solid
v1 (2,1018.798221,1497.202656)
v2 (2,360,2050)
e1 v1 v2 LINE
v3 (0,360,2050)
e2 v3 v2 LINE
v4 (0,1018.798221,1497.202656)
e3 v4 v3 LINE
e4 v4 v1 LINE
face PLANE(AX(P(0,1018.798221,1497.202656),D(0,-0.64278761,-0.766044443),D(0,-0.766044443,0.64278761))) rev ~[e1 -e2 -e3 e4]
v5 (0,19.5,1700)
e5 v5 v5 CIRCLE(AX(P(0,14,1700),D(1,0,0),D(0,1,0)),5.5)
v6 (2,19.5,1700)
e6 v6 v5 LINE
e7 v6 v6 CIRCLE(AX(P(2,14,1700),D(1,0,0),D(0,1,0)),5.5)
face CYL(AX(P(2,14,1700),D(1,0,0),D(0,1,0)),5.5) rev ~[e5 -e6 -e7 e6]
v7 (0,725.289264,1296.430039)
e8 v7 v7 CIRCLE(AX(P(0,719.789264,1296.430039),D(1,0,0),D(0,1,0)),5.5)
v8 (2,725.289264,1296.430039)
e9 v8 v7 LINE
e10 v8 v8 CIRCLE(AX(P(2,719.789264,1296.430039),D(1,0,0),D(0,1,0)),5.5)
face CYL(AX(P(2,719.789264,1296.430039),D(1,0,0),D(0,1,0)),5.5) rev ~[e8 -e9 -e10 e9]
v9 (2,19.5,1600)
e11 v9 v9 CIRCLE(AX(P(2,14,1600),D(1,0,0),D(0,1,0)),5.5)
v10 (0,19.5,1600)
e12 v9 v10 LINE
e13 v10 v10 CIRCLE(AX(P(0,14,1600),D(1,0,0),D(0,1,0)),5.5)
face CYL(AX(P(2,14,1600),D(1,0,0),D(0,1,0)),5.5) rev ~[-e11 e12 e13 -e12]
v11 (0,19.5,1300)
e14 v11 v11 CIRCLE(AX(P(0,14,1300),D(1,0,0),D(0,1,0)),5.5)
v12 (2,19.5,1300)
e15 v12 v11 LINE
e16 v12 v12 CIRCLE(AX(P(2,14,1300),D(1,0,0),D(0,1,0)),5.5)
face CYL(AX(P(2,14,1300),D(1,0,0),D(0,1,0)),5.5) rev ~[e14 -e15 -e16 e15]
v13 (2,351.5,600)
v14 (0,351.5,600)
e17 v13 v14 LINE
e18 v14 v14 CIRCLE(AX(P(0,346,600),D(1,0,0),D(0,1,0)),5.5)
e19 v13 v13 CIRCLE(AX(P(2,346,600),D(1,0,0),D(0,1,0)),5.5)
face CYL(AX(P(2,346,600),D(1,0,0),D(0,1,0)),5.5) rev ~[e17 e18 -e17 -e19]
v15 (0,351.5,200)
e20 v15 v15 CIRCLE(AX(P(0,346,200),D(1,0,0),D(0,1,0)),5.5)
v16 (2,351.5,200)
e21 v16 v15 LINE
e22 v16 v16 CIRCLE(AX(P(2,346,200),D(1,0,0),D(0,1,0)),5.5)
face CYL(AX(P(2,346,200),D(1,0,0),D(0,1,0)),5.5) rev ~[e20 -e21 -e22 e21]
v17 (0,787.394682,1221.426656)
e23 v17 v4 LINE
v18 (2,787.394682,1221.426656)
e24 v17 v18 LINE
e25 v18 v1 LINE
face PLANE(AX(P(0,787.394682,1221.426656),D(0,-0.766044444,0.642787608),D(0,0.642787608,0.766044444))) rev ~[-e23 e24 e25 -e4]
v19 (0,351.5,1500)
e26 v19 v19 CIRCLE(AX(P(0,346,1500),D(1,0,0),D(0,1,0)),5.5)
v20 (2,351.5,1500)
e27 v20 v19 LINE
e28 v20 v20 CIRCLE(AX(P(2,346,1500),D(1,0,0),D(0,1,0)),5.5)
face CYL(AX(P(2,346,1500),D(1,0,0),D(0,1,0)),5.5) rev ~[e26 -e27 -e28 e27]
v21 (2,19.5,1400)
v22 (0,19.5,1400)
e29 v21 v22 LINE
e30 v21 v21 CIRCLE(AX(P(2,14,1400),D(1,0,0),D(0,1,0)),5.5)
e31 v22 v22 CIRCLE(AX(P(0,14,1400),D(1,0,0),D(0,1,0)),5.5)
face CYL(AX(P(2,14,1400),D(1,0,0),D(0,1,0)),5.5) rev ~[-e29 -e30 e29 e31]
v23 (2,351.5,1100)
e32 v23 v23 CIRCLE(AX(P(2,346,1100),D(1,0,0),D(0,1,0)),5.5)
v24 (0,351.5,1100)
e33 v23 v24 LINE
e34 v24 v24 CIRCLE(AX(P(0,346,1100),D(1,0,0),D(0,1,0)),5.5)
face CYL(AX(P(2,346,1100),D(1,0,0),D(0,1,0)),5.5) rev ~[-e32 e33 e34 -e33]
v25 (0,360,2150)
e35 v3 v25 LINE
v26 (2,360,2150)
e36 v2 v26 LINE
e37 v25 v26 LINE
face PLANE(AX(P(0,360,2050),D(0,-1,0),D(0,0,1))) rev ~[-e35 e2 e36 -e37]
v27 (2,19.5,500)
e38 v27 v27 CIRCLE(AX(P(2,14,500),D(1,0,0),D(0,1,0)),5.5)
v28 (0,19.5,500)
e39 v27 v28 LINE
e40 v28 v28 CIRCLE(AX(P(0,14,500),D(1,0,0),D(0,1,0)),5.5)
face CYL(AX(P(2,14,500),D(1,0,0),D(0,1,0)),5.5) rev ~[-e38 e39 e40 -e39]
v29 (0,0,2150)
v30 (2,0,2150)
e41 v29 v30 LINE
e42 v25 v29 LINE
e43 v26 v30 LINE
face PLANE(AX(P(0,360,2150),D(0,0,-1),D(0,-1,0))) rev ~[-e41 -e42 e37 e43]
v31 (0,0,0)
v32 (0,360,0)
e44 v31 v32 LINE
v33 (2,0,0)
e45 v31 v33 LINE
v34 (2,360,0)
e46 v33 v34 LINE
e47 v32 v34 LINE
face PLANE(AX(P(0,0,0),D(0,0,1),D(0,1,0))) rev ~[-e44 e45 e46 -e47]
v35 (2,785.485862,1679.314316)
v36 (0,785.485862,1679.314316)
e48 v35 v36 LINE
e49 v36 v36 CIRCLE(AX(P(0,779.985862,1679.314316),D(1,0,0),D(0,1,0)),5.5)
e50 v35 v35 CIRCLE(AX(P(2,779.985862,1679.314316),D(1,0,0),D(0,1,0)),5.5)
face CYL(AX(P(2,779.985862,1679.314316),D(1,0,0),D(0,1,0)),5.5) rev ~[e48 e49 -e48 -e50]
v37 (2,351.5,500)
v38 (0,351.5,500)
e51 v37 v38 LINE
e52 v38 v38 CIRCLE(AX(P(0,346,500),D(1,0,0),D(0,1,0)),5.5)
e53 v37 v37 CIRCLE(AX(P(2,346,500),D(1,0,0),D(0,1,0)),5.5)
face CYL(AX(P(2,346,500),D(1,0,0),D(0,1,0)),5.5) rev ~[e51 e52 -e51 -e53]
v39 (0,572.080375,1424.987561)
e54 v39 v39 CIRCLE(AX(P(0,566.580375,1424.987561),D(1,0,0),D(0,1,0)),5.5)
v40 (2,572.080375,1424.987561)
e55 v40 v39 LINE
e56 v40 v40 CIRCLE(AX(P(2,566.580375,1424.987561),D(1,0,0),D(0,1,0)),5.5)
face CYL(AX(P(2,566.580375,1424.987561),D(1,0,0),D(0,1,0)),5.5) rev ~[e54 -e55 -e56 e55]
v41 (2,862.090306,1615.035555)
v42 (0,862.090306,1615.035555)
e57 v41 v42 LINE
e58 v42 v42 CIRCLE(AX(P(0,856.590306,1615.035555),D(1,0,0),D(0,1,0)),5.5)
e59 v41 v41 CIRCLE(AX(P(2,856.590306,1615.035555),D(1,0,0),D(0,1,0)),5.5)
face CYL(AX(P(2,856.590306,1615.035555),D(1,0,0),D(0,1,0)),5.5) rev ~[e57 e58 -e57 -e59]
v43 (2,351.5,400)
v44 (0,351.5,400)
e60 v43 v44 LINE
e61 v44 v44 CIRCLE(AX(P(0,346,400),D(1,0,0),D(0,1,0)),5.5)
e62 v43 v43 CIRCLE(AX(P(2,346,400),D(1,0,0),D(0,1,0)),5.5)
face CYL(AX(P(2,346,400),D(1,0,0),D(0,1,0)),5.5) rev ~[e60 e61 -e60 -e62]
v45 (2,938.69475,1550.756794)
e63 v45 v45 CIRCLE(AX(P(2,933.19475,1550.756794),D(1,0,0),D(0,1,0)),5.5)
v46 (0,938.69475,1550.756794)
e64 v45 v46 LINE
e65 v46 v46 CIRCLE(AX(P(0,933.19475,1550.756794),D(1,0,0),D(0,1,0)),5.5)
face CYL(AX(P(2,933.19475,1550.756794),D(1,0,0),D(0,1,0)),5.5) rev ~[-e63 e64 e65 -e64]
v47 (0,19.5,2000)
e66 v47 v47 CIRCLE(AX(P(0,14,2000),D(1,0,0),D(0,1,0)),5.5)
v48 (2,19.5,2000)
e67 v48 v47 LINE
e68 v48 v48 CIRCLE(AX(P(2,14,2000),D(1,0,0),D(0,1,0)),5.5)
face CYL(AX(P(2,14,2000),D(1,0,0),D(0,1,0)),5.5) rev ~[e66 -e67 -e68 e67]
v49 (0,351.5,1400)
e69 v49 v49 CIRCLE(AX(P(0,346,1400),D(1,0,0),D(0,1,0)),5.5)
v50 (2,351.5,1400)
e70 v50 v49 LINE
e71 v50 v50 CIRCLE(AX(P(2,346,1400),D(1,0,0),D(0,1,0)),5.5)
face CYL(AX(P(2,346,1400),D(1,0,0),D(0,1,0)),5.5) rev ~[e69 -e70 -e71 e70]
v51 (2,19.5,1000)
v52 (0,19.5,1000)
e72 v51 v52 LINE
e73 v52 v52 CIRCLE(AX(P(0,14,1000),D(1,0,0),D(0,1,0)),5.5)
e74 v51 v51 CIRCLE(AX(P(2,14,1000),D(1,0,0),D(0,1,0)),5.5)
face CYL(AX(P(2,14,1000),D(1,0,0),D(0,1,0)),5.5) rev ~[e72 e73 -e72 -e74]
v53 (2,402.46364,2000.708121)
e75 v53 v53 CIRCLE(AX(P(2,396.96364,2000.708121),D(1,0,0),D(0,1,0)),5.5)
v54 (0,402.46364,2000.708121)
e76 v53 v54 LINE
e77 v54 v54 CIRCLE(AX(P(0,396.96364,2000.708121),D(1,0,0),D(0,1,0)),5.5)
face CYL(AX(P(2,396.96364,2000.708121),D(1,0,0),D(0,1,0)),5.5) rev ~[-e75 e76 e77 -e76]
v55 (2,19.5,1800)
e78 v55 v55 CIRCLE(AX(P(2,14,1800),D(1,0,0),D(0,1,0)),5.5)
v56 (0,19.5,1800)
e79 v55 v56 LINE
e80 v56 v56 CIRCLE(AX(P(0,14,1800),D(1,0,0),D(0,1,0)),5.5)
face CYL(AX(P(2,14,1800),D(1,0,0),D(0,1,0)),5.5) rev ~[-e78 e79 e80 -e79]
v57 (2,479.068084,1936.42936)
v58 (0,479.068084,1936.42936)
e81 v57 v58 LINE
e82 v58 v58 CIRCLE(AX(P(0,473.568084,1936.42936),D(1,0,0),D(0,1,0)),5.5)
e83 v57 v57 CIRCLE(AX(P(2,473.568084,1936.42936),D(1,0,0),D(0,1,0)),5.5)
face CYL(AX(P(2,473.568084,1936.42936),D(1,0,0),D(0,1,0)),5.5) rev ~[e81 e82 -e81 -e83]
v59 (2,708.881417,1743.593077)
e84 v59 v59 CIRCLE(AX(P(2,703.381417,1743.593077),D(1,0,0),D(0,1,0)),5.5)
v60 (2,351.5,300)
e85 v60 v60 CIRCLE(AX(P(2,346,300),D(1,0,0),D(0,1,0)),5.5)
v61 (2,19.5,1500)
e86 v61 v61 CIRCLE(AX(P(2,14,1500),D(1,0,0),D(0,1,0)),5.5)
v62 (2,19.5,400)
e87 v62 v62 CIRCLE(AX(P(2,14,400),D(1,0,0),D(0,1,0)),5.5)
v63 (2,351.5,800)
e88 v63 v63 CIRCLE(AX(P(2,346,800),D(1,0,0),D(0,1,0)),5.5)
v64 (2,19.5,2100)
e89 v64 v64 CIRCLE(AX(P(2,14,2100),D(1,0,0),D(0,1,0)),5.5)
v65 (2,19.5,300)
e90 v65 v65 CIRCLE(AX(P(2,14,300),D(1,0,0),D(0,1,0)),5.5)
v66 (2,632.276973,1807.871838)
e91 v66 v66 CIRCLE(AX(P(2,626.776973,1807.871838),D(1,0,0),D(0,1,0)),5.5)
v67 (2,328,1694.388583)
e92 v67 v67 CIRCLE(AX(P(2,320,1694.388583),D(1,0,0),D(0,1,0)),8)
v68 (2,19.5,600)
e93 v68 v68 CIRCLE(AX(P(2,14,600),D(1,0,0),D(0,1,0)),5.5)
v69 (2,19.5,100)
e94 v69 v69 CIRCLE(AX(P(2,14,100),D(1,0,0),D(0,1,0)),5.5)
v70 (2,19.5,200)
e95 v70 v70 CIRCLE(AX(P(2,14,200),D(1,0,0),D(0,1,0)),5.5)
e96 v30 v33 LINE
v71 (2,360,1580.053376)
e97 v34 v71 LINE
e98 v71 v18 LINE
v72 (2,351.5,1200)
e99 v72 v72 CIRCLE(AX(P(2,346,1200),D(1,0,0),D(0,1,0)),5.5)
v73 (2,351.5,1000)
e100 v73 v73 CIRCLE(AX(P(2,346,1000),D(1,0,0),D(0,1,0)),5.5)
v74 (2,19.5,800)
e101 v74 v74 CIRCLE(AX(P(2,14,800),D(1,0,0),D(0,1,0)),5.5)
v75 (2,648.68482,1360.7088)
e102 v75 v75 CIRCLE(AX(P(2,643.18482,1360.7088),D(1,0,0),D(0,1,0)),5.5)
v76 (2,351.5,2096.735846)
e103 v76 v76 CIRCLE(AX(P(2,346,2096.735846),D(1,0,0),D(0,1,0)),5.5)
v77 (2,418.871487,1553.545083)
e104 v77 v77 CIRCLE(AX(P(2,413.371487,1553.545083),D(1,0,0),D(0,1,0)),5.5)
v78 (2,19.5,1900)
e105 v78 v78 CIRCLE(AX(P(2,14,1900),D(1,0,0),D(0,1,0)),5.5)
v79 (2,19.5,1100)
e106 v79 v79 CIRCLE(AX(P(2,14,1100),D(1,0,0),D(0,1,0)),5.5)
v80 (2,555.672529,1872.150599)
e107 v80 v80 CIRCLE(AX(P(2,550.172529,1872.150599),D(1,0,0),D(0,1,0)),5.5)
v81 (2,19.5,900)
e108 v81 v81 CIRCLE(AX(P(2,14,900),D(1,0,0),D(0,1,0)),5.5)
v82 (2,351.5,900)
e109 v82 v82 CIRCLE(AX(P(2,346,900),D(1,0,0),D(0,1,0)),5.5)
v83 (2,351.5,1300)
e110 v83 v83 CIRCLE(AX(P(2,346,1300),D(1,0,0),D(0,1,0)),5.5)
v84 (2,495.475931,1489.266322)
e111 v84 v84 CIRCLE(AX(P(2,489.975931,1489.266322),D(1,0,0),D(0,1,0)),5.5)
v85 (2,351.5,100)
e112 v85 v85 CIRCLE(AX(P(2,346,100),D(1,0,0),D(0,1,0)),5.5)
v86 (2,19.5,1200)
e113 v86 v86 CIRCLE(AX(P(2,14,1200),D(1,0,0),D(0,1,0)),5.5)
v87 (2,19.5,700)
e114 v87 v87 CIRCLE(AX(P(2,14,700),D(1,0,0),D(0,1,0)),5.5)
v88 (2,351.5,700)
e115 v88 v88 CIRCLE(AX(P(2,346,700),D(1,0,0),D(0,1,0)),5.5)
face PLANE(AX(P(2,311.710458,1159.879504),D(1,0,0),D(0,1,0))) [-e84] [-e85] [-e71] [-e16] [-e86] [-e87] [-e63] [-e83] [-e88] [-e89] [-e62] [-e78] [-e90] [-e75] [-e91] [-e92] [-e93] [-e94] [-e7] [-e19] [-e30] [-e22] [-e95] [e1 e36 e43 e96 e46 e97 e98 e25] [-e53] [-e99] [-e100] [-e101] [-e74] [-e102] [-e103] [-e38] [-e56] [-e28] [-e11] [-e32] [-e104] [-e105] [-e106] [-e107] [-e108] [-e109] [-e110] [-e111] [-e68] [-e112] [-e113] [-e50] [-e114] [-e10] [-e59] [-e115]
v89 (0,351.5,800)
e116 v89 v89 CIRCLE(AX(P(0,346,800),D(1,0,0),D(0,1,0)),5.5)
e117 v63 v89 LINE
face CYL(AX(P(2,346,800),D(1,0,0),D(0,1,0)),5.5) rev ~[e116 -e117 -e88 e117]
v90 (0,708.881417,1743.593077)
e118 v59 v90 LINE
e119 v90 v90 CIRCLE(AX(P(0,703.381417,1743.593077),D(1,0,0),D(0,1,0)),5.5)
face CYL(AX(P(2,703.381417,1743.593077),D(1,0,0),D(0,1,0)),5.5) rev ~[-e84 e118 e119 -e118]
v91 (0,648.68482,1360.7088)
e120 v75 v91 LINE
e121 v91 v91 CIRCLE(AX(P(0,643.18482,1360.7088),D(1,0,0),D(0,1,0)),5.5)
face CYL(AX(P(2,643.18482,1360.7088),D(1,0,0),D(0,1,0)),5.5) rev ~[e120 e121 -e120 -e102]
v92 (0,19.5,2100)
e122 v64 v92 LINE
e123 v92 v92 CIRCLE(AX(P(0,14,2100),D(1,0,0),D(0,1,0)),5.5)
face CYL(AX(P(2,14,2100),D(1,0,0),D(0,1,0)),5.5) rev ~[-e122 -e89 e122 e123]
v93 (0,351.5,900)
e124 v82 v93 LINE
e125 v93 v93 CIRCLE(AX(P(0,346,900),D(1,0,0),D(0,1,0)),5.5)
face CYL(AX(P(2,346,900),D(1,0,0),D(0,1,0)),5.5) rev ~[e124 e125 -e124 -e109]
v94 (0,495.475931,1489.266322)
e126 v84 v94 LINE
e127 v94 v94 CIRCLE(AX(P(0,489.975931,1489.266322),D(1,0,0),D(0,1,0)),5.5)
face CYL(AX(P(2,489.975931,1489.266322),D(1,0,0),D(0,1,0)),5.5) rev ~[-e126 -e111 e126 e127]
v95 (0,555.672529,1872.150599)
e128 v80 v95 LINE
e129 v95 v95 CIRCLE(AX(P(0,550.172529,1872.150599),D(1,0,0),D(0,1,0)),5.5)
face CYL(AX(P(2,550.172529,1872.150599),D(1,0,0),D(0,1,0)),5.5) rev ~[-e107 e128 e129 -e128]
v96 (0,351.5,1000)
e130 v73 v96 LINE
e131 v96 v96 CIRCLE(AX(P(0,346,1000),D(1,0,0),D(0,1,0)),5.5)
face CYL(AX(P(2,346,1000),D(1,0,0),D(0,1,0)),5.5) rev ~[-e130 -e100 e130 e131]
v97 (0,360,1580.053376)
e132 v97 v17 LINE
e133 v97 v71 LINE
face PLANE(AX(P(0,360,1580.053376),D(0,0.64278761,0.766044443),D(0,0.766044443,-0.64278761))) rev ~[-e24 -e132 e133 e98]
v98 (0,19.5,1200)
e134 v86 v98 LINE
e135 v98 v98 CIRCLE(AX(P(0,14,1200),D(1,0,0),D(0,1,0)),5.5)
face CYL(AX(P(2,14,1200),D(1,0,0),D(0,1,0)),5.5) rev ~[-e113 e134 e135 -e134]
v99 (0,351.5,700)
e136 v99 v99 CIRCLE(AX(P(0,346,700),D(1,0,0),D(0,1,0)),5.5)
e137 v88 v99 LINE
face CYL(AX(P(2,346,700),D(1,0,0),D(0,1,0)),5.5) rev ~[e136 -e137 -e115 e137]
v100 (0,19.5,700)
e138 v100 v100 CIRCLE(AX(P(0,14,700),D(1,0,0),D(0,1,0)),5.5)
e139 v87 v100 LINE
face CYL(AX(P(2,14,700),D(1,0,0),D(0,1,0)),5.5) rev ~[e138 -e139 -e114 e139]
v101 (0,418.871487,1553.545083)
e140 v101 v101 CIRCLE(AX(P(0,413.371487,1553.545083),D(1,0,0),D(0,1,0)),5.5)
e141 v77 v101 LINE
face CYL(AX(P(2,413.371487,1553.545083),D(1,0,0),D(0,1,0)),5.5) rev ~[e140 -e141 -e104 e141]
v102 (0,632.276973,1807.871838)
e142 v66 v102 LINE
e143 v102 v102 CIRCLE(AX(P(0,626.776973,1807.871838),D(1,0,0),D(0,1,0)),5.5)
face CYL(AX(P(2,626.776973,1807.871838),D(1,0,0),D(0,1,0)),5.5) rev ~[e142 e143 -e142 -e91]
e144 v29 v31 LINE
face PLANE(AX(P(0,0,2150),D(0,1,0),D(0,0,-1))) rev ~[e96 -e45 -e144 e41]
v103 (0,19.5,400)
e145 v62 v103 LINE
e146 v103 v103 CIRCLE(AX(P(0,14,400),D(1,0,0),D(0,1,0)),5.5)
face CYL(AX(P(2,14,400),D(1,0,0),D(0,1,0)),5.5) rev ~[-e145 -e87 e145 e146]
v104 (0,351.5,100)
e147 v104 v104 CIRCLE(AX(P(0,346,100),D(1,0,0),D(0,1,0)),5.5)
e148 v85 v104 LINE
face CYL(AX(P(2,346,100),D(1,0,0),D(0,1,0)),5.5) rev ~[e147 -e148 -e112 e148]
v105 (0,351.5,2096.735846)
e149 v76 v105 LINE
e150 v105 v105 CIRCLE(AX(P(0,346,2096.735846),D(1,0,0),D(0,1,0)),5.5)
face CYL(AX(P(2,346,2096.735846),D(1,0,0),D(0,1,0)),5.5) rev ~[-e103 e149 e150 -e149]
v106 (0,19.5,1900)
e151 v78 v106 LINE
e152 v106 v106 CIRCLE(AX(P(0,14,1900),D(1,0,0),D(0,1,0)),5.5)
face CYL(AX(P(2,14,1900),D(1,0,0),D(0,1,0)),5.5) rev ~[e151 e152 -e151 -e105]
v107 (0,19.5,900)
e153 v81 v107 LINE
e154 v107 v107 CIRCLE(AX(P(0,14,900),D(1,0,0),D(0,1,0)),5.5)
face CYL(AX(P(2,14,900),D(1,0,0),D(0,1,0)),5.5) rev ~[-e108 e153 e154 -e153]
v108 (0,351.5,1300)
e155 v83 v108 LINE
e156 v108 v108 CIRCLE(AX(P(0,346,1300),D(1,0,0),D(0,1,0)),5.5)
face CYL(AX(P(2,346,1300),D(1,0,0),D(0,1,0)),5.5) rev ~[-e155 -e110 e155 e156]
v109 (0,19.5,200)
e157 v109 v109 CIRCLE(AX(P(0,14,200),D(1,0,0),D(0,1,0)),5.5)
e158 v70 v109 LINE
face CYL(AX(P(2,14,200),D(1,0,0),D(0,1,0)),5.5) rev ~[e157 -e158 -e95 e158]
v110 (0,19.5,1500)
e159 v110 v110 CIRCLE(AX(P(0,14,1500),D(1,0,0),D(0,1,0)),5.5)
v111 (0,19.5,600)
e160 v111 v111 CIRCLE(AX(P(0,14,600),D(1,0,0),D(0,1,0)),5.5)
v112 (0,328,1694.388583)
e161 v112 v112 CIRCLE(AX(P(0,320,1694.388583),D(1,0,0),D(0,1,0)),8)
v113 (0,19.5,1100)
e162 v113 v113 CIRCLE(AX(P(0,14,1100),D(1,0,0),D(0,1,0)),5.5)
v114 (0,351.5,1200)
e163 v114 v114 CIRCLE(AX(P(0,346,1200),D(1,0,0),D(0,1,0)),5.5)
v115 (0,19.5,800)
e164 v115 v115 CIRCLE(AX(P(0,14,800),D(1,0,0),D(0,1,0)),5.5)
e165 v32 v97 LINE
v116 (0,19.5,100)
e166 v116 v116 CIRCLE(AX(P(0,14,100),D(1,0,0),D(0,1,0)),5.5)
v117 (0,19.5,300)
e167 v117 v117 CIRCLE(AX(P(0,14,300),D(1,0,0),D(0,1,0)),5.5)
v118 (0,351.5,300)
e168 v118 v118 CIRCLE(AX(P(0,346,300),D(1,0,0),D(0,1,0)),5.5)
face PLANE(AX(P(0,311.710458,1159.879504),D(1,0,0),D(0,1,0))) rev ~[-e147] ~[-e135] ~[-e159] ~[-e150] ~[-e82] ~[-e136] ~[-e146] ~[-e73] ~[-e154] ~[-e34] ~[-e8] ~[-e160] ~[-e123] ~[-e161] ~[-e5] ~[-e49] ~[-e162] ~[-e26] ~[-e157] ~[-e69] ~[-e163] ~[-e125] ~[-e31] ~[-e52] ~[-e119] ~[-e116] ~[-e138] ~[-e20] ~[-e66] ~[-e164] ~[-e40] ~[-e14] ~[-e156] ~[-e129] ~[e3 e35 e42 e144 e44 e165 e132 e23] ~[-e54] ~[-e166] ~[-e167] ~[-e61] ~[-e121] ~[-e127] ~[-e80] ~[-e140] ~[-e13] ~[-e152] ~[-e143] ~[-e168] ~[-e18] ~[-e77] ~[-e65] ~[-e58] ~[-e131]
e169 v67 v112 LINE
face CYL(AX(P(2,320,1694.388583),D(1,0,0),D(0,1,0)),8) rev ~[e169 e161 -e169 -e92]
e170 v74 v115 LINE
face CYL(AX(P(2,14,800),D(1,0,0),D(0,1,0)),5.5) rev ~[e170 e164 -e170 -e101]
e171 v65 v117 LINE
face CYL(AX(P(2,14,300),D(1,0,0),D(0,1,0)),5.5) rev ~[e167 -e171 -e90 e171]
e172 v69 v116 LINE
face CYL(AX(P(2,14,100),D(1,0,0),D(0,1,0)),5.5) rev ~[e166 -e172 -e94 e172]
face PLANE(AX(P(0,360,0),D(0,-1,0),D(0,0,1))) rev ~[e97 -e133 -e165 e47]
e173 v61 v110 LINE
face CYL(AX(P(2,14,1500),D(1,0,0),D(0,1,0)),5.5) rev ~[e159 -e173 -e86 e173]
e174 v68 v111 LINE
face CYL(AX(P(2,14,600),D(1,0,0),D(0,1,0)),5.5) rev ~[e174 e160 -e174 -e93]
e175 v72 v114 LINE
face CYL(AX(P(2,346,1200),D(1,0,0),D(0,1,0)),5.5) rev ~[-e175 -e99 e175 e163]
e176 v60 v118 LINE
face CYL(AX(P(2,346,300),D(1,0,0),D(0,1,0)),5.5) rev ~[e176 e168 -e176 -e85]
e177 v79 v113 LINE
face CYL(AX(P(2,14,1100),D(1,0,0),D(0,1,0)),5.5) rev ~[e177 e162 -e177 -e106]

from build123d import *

# Parameters (mm, degrees)
F1_DEPTH = 2
F2_R     = 8
F2_R_2   = 5.5
F3_DEPTH = 25


with BuildPart() as f1:
    # F0 (on Right) → F1 (new body)
    with BuildSketch(Plane.YZ):
        Polygon((0, 2050), (0, 0), (360, 0), (360, 1580.053376), (787.394682, 1221.426656), (1018.798221, 1497.202656), (360, 2050), (360, 2150), (0, 2150), align=None)
    extrude(amount=F1_DEPTH)

    # F2 (on face) → F3 (cut)
    with BuildSketch(Plane.YZ.offset(2)):
        with Locations((320, 1694.388583)):
            Circle(F2_R)
        with Locations((14, 100)):
            Circle(F2_R_2)
        with Locations((346, 100)):
            Circle(F2_R_2)
        with Locations((719.789264, 1296.430039)):
            Circle(F2_R_2)
        with Locations((933.19475, 1550.756794)):
            Circle(F2_R_2)
        with Locations((346, 2096.735846)):
            Circle(F2_R_2)
        with Locations((14, 200)):
            Circle(F2_R_2)
        with Locations((14, 300)):
            Circle(F2_R_2)
        with Locations((14, 400)):
            Circle(F2_R_2)
        with Locations((14, 500)):
            Circle(F2_R_2)
        with Locations((14, 600)):
            Circle(F2_R_2)
        with Locations((14, 700)):
            Circle(F2_R_2)
        with Locations((14, 800)):
            Circle(F2_R_2)
        with Locations((14, 900)):
            Circle(F2_R_2)
        with Locations((14, 1000)):
            Circle(F2_R_2)
        with Locations((14, 1100)):
            Circle(F2_R_2)
        with Locations((14, 1200)):
            Circle(F2_R_2)
        with Locations((14, 1300)):
            Circle(F2_R_2)
        with Locations((14, 1400)):
            Circle(F2_R_2)
        with Locations((14, 1500)):
            Circle(F2_R_2)
        with Locations((14, 1600)):
            Circle(F2_R_2)
        with Locations((14, 1700)):
            Circle(F2_R_2)
        with Locations((14, 1800)):
            Circle(F2_R_2)
        with Locations((14, 1900)):
            Circle(F2_R_2)
        with Locations((14, 2000)):
            Circle(F2_R_2)
        with Locations((14, 2100)):
            Circle(F2_R_2)
        with Locations((346, 200)):
            Circle(F2_R_2)
        with Locations((346, 300)):
            Circle(F2_R_2)
        with Locations((346, 400)):
            Circle(F2_R_2)
        with Locations((346, 500)):
            Circle(F2_R_2)
        with Locations((346, 600)):
            Circle(F2_R_2)
        with Locations((346, 700)):
            Circle(F2_R_2)
        with Locations((346, 800)):
            Circle(F2_R_2)
        with Locations((346, 900)):
            Circle(F2_R_2)
        with Locations((346, 1000)):
            Circle(F2_R_2)
        with Locations((346, 1100)):
            Circle(F2_R_2)
        with Locations((346, 1200)):
            Circle(F2_R_2)
        with Locations((346, 1300)):
            Circle(F2_R_2)
        with Locations((346, 1400)):
            Circle(F2_R_2)
        with Locations((346, 1500)):
            Circle(F2_R_2)
        with Locations((643.18482, 1360.7088)):
            Circle(F2_R_2)
        with Locations((566.580375, 1424.987561)):
            Circle(F2_R_2)
        with Locations((489.975931, 1489.266322)):
            Circle(F2_R_2)
        with Locations((413.371487, 1553.545083)):
            Circle(F2_R_2)
        with Locations((856.590306, 1615.035555)):
            Circle(F2_R_2)
        with Locations((779.985862, 1679.314316)):
            Circle(F2_R_2)
        with Locations((703.381417, 1743.593077)):
            Circle(F2_R_2)
        with Locations((626.776973, 1807.871838)):
            Circle(F2_R_2)
        with Locations((550.172529, 1872.150599)):
            Circle(F2_R_2)
        with Locations((473.568084, 1936.42936)):
            Circle(F2_R_2)
        with Locations((396.96364, 2000.708121)):
            Circle(F2_R_2)
    extrude(amount=-F3_DEPTH, mode=Mode.SUBTRACT)


solid = f1.part
